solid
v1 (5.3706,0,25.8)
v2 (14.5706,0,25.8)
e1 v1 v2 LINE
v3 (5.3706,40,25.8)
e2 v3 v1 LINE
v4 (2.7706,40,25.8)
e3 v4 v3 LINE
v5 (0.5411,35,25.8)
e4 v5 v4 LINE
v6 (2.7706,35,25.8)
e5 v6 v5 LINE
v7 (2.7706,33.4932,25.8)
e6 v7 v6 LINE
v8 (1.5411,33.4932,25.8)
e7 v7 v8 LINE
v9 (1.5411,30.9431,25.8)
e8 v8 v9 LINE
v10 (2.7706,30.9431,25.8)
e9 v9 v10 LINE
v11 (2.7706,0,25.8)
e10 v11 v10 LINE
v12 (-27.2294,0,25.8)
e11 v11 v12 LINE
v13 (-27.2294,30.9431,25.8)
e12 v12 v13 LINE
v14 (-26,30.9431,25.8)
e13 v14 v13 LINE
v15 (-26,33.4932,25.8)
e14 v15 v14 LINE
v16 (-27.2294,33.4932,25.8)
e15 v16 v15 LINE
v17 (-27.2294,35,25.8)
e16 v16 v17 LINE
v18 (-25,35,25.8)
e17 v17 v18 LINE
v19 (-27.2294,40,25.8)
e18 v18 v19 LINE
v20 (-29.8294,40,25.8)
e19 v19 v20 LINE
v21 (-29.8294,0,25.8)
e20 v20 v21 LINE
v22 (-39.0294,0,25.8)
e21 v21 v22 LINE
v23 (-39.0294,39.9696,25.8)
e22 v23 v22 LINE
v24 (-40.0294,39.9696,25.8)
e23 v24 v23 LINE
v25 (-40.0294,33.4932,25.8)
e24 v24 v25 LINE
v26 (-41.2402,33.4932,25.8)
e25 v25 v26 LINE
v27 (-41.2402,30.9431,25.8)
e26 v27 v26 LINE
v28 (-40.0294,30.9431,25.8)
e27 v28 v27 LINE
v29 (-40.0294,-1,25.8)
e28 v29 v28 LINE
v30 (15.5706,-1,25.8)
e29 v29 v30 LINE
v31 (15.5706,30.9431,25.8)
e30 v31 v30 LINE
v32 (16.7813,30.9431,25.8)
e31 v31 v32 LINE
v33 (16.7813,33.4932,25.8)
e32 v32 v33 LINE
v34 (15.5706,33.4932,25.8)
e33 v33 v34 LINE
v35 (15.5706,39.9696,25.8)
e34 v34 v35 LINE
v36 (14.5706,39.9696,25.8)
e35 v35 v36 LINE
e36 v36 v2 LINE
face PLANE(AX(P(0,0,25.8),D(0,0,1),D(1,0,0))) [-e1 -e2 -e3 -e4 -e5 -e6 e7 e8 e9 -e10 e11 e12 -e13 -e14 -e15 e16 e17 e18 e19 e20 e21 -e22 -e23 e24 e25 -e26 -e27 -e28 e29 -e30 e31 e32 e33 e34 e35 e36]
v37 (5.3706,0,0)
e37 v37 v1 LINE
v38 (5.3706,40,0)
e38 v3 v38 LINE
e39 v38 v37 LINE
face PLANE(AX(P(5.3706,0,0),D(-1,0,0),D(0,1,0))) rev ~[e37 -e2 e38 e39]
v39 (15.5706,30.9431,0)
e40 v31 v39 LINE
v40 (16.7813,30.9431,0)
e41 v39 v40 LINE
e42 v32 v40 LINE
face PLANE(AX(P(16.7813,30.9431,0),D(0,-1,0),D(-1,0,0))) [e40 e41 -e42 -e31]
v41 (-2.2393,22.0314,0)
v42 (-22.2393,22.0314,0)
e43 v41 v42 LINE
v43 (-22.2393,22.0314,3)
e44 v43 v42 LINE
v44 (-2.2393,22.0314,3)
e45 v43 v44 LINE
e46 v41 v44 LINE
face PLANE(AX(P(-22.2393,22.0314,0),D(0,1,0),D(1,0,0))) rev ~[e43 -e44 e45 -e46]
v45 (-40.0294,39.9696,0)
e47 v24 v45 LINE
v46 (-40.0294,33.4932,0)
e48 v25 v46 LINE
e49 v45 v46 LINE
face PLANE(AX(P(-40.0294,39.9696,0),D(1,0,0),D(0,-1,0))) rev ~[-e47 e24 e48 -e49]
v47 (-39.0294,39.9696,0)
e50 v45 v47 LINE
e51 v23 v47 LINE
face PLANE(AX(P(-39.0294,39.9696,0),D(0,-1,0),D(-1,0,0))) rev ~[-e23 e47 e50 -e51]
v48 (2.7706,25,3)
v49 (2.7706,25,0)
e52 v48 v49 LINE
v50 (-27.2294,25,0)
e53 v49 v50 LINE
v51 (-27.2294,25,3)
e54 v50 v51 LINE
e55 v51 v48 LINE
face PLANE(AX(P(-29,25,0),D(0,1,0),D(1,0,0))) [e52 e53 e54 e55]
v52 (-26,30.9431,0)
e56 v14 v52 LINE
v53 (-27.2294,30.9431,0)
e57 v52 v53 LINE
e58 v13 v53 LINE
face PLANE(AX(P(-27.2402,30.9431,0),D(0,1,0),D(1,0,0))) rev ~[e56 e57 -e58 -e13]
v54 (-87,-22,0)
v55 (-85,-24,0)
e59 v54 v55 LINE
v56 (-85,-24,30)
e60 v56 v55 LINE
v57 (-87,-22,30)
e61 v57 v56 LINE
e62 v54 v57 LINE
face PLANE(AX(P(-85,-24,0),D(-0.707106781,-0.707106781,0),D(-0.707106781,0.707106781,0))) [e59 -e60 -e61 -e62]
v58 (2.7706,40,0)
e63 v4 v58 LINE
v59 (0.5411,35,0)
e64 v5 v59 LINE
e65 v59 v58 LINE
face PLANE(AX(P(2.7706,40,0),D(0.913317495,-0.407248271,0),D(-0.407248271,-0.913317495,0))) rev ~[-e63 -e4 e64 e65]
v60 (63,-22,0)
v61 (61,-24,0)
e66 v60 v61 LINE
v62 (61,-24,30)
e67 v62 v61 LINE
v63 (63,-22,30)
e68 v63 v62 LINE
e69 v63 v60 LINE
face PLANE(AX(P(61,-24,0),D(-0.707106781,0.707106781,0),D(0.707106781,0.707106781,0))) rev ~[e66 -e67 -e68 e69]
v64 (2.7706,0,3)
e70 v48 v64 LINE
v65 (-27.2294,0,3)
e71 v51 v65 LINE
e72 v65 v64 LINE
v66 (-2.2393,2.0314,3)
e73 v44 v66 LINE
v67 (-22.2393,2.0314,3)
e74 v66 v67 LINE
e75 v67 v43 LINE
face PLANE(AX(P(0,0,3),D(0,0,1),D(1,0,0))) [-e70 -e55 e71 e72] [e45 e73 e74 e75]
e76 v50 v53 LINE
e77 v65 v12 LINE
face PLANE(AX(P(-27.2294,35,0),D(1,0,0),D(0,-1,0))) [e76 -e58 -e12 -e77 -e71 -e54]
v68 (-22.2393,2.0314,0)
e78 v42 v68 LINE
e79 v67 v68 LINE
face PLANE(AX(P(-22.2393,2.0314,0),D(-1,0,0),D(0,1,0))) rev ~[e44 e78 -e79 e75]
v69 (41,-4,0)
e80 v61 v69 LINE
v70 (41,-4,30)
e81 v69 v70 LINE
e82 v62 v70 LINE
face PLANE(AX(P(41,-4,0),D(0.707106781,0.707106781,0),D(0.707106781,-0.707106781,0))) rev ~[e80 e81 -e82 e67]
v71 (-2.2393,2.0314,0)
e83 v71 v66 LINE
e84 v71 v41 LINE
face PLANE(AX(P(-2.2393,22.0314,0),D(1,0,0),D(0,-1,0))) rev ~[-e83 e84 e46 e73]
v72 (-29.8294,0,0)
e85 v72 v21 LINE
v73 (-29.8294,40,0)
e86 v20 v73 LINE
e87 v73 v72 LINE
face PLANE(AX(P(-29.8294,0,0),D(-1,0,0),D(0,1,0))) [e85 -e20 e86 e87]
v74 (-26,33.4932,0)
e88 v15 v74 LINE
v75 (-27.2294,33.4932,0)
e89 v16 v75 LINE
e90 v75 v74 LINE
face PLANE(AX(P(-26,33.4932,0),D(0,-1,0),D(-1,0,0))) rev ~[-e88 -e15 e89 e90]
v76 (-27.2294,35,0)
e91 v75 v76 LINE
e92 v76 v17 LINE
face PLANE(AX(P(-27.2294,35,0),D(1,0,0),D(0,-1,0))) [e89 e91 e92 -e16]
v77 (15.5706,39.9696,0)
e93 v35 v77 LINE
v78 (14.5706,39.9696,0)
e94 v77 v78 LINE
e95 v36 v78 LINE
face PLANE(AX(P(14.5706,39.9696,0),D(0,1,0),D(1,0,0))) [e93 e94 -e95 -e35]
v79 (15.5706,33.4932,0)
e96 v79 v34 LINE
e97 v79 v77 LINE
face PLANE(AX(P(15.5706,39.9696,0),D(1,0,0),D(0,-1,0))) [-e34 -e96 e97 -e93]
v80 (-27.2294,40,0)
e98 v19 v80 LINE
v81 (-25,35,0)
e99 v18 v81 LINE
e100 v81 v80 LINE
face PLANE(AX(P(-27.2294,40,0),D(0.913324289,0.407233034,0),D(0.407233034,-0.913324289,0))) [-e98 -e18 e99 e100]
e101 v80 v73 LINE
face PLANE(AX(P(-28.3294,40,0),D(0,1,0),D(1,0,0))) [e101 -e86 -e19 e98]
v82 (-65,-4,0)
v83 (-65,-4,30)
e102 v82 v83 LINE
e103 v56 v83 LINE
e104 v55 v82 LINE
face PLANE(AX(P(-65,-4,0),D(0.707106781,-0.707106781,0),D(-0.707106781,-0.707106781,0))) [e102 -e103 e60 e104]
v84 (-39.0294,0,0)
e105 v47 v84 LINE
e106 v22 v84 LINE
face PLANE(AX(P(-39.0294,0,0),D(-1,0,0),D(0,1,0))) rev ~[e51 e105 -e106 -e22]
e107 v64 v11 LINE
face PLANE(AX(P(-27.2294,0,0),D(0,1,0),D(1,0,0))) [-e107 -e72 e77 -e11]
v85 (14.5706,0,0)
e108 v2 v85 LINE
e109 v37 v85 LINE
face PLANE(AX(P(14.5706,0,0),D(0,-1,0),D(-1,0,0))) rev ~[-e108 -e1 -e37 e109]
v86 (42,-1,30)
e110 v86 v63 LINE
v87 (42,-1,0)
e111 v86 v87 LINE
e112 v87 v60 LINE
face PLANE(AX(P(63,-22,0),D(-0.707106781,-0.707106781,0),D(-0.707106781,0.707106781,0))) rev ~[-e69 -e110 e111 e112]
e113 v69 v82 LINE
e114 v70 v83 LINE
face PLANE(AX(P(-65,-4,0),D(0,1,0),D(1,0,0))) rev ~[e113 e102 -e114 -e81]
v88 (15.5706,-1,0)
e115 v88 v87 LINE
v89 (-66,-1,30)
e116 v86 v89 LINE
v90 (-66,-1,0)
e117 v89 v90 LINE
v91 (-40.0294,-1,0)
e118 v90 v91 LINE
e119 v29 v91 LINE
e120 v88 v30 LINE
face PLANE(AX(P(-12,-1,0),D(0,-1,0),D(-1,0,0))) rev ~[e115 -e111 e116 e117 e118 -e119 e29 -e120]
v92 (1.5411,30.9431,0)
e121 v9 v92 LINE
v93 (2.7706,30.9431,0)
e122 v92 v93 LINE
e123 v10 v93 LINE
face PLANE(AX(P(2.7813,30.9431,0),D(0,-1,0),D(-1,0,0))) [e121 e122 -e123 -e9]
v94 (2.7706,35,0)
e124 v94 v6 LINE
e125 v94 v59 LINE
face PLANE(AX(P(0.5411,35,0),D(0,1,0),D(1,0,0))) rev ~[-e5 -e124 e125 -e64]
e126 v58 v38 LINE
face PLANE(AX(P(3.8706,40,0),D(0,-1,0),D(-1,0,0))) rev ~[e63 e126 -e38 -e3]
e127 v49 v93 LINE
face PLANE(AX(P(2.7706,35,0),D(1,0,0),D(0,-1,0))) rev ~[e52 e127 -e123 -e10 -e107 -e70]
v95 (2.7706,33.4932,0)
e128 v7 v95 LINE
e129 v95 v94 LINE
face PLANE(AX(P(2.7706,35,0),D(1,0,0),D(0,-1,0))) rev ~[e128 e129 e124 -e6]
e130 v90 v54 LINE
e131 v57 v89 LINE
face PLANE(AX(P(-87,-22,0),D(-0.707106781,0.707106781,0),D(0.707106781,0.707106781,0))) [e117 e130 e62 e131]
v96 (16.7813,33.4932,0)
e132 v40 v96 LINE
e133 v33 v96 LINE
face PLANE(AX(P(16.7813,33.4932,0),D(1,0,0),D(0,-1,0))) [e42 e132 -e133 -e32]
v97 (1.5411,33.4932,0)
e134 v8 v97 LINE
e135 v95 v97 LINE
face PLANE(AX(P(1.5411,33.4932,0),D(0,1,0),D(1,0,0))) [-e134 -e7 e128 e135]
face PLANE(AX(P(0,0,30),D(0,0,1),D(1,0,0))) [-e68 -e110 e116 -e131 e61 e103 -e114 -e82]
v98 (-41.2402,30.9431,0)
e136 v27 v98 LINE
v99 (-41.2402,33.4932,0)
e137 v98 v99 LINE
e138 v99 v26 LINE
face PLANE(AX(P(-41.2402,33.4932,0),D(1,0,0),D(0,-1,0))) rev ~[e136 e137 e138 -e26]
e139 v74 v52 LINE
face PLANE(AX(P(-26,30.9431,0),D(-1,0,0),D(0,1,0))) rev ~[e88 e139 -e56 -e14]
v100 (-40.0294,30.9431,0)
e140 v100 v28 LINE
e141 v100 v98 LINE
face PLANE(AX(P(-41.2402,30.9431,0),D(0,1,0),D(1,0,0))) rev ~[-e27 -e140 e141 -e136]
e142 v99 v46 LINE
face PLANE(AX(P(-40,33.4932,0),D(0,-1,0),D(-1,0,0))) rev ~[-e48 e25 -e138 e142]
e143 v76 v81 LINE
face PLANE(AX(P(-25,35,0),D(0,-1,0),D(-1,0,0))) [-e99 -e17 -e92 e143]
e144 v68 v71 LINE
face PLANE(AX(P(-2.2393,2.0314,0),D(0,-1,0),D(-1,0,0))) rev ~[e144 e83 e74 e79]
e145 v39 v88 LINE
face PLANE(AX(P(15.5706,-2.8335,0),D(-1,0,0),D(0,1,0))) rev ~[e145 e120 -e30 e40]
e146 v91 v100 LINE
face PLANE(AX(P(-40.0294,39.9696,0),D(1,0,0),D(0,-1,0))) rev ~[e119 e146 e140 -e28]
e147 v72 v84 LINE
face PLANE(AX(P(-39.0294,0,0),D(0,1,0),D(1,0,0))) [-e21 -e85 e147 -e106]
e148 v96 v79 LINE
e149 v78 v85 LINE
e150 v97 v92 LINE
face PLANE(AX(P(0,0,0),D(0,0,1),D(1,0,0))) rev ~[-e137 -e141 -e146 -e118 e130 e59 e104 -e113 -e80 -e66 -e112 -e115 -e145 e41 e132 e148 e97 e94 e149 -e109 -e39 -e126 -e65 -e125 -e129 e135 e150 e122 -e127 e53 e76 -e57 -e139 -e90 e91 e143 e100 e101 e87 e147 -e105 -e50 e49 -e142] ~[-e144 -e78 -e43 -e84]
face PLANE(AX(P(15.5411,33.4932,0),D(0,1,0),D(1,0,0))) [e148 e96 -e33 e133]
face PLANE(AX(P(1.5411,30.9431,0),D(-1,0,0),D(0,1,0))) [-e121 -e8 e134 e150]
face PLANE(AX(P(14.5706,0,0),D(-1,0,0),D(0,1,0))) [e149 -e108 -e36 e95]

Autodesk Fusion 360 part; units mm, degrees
sketch "スケッチ1" plane through (0, 0, 0) normal (0, 0, 1) x (1, 0, 0)
  line L0 (-40.0294, 0) -> (-27.2294, 0)
  line L1 (-27.2294, 0) -> (-27.2294, -2.8335)
  line L2 (-27.2294, -2.8335) -> (-40.0294, -2.8335)
  line L3 (-40.0294, -2.8335) -> (-40.0294, 0)
  line L4 (-40.0294, 0) -> (-39.0294, 0)
  line L5 (-39.0294, 0) -> (-39.0294, 39.9696)
  line L6 (-39.0294, 39.9696) -> (-40.0294, 39.9696)
  line L7 (-40.0294, 39.9696) -> (-40.0294, 0)
  line L8 (-27.2294, 0) -> (-28.3294, 0)
  line L9 (-28.3294, 0) -> (-28.3294, 40)
  line L10 (-28.3294, 40) -> (-27.2294, 40)
  line L11 (-27.2294, 40) -> (-27.2294, 0)
  line L12 (-27.2294, 0) -> (2.7706, 0)
  line L13 (2.7706, 0) -> (2.7706, -2.9213)
  line L14 (2.7706, -2.9213) -> (-27.2294, -2.9213)
  line L15 (-27.2294, -2.9213) -> (-27.2294, 0)
  line L16 (-12.2294, 0) -> (-12.2294, -2.9213)
  line L17 (2.7706, 0) -> (2.7706, -2.8335)
  line L18 (15.5706, 0) -> (2.7706, 0)
  line L19 (15.5706, 39.9696) -> (15.5706, 0)
  line L20 (3.8706, 0) -> (3.8706, 40)
  line L21 (14.5706, 39.9696) -> (15.5706, 39.9696)
  line L22 (15.5706, 0) -> (14.5706, 0)
  line L23 (14.5706, 0) -> (14.5706, 39.9696)
  line L24 (15.5706, -2.8335) -> (15.5706, 0)
  line L25 (2.7706, -2.9213) -> (2.7706, 0)
  line L26 (2.7706, 40) -> (2.7706, 0)
  line L27 (2.7706, 0) -> (3.8706, 0)
  line L28 (3.8706, 40) -> (2.7706, 40)
  line L29 (2.7706, -2.8335) -> (15.5706, -2.8335)
  line L30 (-27.2294, 40) -> (-25, 35)
  line L31 (-25, 35) -> (-27.2294, 35)
  line L32 (3.8706, 40) -> (2.7706, 40)
  line L33 (0.5411, 35) -> (2.7706, 35)
  line L34 (2.7706, 40) -> (0.5411, 35)
  dimension "d1" = 12.8
  dimension "d2" = 1
  dimension "d3" = 1.1
  dimension "d4" = 30
sketch "スケッチ2" plane through (0, 0, 0) normal (0, 0, 1) x (1, 0, 0)
  line L0 (-40, 34.6932) -> (-40, 33.4932)
  line L1 (-40, 33.4932) -> (-41.2402, 33.4932)
  line L2 (-41.2402, 33.4932) -> (-41.2402, 30.9431)
  line L3 (-41.2402, 30.9431) -> (-40, 30.9431)
  line L4 (-40, 30.9431) -> (-40, 33.4932)
  line L5 (-26, 34.6932) -> (-26, 33.4932)
  line L6 (-27.2402, 33.4932) -> (-27.2402, 30.9431)
  line L7 (-26, 30.9431) -> (-26, 33.4932)
  line L8 (-26, 33.4932) -> (-27.2402, 33.4932)
  line L9 (-27.2402, 30.9431) -> (-26, 30.9431)
  line L10 (-40, 33.4932) -> (-41.2402, 33.4932)
  line L11 (-40, 30.9431) -> (-40, 33.4932)
  line L12 (-41.2402, 33.4932) -> (-41.2402, 30.9431)
  line L13 (-41.2402, 30.9431) -> (-40, 30.9431)
  line L14 (-27.2402, 33.4932) -> (-27.2402, 30.9431)
  line L15 (-26, 33.4932) -> (-27.2402, 33.4932)
  line L16 (-27.2402, 30.9431) -> (-26, 30.9431)
  line L17 (-26, 34.6932) -> (-26, 33.4932)
  line L18 (-26, 30.9431) -> (-26, 33.4932)
  line L19 (-40, 34.6932) -> (-40, 33.4932)
  line L20 (-12.2294, 0) -> (-12.2294, -2.9213)
  line L21 (2.7813, 33.4932) -> (2.7813, 30.9431)
  line L22 (15.5411, 30.9431) -> (15.5411, 33.4932)
  line L23 (16.7813, 33.4932) -> (16.7813, 30.9431)
  line L24 (1.5411, 34.6932) -> (1.5411, 33.4932)
  line L25 (1.5411, 30.9431) -> (1.5411, 33.4932)
  line L26 (2.7813, 33.4932) -> (2.7813, 30.9431)
  line L27 (15.5411, 33.4932) -> (16.7813, 33.4932)
  line L28 (1.5411, 34.6932) -> (1.5411, 33.4932)
  line L29 (2.7813, 30.9431) -> (1.5411, 30.9431)
  line L30 (2.7813, 30.9431) -> (1.5411, 30.9431)
  line L31 (1.5411, 33.4932) -> (2.7813, 33.4932)
  line L32 (1.5411, 33.4932) -> (2.7813, 33.4932)
  line L33 (15.5411, 34.6932) -> (15.5411, 33.4932)
  line L34 (15.5411, 33.4932) -> (16.7813, 33.4932)
  line L35 (16.7813, 33.4932) -> (16.7813, 30.9431)
  line L36 (16.7813, 30.9431) -> (15.5411, 30.9431)
  line L37 (16.7813, 30.9431) -> (15.5411, 30.9431)
  line L38 (1.5411, 30.9431) -> (1.5411, 33.4932)
  line L39 (15.5411, 34.6932) -> (15.5411, 33.4932)
  line L40 (15.5411, 30.9431) -> (15.5411, 33.4932)
  dimension "d8" = 1.2
  dimension "d9" = 1.2
  dimension "d10" = 1.2
  dimension "d11" = 1.2
extrude "押し出し1" add sketch "スケッチ1" sketch "スケッチ2" along normal blind 25.8 of sketch 2
move_face "面をオフセット1" offset 1.5 1 faces at (-28.3294, 26.6667, 17.2)
move_face "面をオフセット2" offset 1.5 1 faces at (3.8706, 26.6667, 17.2)
sketch "スケッチ3" plane through (0, 0, 0) normal (0, 0, 1) x (1, 0, 0)
  line L0 (-22.2393, 22.0314) -> (-2.2393, 22.0314)
  line L1 (-2.2393, 22.0314) -> (-2.2393, 2.0314)
  line L2 (-2.2393, 2.0314) -> (-22.2393, 2.0314)
  line L3 (-22.2393, 2.0314) -> (-22.2393, 22.0314)
  line L4 (-29, 25) -> (4, 25)
  line L5 (4, 25) -> (4, -2)
  line L6 (4, -2) -> (-29, -2)
  line L7 (-29, -2) -> (-29, 25)
  dimension "d16" = 20
  dimension "d17" = 20
extrude "押し出し2" add sketch "スケッチ3" along normal blind 3
sketch "スケッチ4" plane through (0, 0, 0) normal (0, 0, 1) x (1, 0, 0)
  line L0 (-12, -2) -> (-67, -2)
  line L1 (-67, -2) -> (-67, -4)
  line L2 (-67, -4) -> (-12, -4)
  line L3 (-12, -4) -> (-12, -2)
  line L4 (-67, -2) -> (-65, -4)
  line L5 (-65, -4) -> (-85, -24)
  line L6 (-85, -24) -> (-87, -22)
  line L7 (-87, -22) -> (-67, -2)
  line L8 (61, -24) -> (63, -22)
  line L9 (41, -4) -> (61, -24)
  line L10 (-12, -2) -> (43, -2)
  line L11 (43, -2) -> (41, -4)
  line L12 (63, -22) -> (43, -2)
  line L13 (43, -2) -> (43, -4)
  line L14 (43, -4) -> (-12, -4)
  point P0 (-24, 0)
extrude "押し出し3" add sketch "スケッチ4" along normal blind 30
move_face "面をオフセット3" offset 1 1 faces at (33.8569, -2, 18.6)
